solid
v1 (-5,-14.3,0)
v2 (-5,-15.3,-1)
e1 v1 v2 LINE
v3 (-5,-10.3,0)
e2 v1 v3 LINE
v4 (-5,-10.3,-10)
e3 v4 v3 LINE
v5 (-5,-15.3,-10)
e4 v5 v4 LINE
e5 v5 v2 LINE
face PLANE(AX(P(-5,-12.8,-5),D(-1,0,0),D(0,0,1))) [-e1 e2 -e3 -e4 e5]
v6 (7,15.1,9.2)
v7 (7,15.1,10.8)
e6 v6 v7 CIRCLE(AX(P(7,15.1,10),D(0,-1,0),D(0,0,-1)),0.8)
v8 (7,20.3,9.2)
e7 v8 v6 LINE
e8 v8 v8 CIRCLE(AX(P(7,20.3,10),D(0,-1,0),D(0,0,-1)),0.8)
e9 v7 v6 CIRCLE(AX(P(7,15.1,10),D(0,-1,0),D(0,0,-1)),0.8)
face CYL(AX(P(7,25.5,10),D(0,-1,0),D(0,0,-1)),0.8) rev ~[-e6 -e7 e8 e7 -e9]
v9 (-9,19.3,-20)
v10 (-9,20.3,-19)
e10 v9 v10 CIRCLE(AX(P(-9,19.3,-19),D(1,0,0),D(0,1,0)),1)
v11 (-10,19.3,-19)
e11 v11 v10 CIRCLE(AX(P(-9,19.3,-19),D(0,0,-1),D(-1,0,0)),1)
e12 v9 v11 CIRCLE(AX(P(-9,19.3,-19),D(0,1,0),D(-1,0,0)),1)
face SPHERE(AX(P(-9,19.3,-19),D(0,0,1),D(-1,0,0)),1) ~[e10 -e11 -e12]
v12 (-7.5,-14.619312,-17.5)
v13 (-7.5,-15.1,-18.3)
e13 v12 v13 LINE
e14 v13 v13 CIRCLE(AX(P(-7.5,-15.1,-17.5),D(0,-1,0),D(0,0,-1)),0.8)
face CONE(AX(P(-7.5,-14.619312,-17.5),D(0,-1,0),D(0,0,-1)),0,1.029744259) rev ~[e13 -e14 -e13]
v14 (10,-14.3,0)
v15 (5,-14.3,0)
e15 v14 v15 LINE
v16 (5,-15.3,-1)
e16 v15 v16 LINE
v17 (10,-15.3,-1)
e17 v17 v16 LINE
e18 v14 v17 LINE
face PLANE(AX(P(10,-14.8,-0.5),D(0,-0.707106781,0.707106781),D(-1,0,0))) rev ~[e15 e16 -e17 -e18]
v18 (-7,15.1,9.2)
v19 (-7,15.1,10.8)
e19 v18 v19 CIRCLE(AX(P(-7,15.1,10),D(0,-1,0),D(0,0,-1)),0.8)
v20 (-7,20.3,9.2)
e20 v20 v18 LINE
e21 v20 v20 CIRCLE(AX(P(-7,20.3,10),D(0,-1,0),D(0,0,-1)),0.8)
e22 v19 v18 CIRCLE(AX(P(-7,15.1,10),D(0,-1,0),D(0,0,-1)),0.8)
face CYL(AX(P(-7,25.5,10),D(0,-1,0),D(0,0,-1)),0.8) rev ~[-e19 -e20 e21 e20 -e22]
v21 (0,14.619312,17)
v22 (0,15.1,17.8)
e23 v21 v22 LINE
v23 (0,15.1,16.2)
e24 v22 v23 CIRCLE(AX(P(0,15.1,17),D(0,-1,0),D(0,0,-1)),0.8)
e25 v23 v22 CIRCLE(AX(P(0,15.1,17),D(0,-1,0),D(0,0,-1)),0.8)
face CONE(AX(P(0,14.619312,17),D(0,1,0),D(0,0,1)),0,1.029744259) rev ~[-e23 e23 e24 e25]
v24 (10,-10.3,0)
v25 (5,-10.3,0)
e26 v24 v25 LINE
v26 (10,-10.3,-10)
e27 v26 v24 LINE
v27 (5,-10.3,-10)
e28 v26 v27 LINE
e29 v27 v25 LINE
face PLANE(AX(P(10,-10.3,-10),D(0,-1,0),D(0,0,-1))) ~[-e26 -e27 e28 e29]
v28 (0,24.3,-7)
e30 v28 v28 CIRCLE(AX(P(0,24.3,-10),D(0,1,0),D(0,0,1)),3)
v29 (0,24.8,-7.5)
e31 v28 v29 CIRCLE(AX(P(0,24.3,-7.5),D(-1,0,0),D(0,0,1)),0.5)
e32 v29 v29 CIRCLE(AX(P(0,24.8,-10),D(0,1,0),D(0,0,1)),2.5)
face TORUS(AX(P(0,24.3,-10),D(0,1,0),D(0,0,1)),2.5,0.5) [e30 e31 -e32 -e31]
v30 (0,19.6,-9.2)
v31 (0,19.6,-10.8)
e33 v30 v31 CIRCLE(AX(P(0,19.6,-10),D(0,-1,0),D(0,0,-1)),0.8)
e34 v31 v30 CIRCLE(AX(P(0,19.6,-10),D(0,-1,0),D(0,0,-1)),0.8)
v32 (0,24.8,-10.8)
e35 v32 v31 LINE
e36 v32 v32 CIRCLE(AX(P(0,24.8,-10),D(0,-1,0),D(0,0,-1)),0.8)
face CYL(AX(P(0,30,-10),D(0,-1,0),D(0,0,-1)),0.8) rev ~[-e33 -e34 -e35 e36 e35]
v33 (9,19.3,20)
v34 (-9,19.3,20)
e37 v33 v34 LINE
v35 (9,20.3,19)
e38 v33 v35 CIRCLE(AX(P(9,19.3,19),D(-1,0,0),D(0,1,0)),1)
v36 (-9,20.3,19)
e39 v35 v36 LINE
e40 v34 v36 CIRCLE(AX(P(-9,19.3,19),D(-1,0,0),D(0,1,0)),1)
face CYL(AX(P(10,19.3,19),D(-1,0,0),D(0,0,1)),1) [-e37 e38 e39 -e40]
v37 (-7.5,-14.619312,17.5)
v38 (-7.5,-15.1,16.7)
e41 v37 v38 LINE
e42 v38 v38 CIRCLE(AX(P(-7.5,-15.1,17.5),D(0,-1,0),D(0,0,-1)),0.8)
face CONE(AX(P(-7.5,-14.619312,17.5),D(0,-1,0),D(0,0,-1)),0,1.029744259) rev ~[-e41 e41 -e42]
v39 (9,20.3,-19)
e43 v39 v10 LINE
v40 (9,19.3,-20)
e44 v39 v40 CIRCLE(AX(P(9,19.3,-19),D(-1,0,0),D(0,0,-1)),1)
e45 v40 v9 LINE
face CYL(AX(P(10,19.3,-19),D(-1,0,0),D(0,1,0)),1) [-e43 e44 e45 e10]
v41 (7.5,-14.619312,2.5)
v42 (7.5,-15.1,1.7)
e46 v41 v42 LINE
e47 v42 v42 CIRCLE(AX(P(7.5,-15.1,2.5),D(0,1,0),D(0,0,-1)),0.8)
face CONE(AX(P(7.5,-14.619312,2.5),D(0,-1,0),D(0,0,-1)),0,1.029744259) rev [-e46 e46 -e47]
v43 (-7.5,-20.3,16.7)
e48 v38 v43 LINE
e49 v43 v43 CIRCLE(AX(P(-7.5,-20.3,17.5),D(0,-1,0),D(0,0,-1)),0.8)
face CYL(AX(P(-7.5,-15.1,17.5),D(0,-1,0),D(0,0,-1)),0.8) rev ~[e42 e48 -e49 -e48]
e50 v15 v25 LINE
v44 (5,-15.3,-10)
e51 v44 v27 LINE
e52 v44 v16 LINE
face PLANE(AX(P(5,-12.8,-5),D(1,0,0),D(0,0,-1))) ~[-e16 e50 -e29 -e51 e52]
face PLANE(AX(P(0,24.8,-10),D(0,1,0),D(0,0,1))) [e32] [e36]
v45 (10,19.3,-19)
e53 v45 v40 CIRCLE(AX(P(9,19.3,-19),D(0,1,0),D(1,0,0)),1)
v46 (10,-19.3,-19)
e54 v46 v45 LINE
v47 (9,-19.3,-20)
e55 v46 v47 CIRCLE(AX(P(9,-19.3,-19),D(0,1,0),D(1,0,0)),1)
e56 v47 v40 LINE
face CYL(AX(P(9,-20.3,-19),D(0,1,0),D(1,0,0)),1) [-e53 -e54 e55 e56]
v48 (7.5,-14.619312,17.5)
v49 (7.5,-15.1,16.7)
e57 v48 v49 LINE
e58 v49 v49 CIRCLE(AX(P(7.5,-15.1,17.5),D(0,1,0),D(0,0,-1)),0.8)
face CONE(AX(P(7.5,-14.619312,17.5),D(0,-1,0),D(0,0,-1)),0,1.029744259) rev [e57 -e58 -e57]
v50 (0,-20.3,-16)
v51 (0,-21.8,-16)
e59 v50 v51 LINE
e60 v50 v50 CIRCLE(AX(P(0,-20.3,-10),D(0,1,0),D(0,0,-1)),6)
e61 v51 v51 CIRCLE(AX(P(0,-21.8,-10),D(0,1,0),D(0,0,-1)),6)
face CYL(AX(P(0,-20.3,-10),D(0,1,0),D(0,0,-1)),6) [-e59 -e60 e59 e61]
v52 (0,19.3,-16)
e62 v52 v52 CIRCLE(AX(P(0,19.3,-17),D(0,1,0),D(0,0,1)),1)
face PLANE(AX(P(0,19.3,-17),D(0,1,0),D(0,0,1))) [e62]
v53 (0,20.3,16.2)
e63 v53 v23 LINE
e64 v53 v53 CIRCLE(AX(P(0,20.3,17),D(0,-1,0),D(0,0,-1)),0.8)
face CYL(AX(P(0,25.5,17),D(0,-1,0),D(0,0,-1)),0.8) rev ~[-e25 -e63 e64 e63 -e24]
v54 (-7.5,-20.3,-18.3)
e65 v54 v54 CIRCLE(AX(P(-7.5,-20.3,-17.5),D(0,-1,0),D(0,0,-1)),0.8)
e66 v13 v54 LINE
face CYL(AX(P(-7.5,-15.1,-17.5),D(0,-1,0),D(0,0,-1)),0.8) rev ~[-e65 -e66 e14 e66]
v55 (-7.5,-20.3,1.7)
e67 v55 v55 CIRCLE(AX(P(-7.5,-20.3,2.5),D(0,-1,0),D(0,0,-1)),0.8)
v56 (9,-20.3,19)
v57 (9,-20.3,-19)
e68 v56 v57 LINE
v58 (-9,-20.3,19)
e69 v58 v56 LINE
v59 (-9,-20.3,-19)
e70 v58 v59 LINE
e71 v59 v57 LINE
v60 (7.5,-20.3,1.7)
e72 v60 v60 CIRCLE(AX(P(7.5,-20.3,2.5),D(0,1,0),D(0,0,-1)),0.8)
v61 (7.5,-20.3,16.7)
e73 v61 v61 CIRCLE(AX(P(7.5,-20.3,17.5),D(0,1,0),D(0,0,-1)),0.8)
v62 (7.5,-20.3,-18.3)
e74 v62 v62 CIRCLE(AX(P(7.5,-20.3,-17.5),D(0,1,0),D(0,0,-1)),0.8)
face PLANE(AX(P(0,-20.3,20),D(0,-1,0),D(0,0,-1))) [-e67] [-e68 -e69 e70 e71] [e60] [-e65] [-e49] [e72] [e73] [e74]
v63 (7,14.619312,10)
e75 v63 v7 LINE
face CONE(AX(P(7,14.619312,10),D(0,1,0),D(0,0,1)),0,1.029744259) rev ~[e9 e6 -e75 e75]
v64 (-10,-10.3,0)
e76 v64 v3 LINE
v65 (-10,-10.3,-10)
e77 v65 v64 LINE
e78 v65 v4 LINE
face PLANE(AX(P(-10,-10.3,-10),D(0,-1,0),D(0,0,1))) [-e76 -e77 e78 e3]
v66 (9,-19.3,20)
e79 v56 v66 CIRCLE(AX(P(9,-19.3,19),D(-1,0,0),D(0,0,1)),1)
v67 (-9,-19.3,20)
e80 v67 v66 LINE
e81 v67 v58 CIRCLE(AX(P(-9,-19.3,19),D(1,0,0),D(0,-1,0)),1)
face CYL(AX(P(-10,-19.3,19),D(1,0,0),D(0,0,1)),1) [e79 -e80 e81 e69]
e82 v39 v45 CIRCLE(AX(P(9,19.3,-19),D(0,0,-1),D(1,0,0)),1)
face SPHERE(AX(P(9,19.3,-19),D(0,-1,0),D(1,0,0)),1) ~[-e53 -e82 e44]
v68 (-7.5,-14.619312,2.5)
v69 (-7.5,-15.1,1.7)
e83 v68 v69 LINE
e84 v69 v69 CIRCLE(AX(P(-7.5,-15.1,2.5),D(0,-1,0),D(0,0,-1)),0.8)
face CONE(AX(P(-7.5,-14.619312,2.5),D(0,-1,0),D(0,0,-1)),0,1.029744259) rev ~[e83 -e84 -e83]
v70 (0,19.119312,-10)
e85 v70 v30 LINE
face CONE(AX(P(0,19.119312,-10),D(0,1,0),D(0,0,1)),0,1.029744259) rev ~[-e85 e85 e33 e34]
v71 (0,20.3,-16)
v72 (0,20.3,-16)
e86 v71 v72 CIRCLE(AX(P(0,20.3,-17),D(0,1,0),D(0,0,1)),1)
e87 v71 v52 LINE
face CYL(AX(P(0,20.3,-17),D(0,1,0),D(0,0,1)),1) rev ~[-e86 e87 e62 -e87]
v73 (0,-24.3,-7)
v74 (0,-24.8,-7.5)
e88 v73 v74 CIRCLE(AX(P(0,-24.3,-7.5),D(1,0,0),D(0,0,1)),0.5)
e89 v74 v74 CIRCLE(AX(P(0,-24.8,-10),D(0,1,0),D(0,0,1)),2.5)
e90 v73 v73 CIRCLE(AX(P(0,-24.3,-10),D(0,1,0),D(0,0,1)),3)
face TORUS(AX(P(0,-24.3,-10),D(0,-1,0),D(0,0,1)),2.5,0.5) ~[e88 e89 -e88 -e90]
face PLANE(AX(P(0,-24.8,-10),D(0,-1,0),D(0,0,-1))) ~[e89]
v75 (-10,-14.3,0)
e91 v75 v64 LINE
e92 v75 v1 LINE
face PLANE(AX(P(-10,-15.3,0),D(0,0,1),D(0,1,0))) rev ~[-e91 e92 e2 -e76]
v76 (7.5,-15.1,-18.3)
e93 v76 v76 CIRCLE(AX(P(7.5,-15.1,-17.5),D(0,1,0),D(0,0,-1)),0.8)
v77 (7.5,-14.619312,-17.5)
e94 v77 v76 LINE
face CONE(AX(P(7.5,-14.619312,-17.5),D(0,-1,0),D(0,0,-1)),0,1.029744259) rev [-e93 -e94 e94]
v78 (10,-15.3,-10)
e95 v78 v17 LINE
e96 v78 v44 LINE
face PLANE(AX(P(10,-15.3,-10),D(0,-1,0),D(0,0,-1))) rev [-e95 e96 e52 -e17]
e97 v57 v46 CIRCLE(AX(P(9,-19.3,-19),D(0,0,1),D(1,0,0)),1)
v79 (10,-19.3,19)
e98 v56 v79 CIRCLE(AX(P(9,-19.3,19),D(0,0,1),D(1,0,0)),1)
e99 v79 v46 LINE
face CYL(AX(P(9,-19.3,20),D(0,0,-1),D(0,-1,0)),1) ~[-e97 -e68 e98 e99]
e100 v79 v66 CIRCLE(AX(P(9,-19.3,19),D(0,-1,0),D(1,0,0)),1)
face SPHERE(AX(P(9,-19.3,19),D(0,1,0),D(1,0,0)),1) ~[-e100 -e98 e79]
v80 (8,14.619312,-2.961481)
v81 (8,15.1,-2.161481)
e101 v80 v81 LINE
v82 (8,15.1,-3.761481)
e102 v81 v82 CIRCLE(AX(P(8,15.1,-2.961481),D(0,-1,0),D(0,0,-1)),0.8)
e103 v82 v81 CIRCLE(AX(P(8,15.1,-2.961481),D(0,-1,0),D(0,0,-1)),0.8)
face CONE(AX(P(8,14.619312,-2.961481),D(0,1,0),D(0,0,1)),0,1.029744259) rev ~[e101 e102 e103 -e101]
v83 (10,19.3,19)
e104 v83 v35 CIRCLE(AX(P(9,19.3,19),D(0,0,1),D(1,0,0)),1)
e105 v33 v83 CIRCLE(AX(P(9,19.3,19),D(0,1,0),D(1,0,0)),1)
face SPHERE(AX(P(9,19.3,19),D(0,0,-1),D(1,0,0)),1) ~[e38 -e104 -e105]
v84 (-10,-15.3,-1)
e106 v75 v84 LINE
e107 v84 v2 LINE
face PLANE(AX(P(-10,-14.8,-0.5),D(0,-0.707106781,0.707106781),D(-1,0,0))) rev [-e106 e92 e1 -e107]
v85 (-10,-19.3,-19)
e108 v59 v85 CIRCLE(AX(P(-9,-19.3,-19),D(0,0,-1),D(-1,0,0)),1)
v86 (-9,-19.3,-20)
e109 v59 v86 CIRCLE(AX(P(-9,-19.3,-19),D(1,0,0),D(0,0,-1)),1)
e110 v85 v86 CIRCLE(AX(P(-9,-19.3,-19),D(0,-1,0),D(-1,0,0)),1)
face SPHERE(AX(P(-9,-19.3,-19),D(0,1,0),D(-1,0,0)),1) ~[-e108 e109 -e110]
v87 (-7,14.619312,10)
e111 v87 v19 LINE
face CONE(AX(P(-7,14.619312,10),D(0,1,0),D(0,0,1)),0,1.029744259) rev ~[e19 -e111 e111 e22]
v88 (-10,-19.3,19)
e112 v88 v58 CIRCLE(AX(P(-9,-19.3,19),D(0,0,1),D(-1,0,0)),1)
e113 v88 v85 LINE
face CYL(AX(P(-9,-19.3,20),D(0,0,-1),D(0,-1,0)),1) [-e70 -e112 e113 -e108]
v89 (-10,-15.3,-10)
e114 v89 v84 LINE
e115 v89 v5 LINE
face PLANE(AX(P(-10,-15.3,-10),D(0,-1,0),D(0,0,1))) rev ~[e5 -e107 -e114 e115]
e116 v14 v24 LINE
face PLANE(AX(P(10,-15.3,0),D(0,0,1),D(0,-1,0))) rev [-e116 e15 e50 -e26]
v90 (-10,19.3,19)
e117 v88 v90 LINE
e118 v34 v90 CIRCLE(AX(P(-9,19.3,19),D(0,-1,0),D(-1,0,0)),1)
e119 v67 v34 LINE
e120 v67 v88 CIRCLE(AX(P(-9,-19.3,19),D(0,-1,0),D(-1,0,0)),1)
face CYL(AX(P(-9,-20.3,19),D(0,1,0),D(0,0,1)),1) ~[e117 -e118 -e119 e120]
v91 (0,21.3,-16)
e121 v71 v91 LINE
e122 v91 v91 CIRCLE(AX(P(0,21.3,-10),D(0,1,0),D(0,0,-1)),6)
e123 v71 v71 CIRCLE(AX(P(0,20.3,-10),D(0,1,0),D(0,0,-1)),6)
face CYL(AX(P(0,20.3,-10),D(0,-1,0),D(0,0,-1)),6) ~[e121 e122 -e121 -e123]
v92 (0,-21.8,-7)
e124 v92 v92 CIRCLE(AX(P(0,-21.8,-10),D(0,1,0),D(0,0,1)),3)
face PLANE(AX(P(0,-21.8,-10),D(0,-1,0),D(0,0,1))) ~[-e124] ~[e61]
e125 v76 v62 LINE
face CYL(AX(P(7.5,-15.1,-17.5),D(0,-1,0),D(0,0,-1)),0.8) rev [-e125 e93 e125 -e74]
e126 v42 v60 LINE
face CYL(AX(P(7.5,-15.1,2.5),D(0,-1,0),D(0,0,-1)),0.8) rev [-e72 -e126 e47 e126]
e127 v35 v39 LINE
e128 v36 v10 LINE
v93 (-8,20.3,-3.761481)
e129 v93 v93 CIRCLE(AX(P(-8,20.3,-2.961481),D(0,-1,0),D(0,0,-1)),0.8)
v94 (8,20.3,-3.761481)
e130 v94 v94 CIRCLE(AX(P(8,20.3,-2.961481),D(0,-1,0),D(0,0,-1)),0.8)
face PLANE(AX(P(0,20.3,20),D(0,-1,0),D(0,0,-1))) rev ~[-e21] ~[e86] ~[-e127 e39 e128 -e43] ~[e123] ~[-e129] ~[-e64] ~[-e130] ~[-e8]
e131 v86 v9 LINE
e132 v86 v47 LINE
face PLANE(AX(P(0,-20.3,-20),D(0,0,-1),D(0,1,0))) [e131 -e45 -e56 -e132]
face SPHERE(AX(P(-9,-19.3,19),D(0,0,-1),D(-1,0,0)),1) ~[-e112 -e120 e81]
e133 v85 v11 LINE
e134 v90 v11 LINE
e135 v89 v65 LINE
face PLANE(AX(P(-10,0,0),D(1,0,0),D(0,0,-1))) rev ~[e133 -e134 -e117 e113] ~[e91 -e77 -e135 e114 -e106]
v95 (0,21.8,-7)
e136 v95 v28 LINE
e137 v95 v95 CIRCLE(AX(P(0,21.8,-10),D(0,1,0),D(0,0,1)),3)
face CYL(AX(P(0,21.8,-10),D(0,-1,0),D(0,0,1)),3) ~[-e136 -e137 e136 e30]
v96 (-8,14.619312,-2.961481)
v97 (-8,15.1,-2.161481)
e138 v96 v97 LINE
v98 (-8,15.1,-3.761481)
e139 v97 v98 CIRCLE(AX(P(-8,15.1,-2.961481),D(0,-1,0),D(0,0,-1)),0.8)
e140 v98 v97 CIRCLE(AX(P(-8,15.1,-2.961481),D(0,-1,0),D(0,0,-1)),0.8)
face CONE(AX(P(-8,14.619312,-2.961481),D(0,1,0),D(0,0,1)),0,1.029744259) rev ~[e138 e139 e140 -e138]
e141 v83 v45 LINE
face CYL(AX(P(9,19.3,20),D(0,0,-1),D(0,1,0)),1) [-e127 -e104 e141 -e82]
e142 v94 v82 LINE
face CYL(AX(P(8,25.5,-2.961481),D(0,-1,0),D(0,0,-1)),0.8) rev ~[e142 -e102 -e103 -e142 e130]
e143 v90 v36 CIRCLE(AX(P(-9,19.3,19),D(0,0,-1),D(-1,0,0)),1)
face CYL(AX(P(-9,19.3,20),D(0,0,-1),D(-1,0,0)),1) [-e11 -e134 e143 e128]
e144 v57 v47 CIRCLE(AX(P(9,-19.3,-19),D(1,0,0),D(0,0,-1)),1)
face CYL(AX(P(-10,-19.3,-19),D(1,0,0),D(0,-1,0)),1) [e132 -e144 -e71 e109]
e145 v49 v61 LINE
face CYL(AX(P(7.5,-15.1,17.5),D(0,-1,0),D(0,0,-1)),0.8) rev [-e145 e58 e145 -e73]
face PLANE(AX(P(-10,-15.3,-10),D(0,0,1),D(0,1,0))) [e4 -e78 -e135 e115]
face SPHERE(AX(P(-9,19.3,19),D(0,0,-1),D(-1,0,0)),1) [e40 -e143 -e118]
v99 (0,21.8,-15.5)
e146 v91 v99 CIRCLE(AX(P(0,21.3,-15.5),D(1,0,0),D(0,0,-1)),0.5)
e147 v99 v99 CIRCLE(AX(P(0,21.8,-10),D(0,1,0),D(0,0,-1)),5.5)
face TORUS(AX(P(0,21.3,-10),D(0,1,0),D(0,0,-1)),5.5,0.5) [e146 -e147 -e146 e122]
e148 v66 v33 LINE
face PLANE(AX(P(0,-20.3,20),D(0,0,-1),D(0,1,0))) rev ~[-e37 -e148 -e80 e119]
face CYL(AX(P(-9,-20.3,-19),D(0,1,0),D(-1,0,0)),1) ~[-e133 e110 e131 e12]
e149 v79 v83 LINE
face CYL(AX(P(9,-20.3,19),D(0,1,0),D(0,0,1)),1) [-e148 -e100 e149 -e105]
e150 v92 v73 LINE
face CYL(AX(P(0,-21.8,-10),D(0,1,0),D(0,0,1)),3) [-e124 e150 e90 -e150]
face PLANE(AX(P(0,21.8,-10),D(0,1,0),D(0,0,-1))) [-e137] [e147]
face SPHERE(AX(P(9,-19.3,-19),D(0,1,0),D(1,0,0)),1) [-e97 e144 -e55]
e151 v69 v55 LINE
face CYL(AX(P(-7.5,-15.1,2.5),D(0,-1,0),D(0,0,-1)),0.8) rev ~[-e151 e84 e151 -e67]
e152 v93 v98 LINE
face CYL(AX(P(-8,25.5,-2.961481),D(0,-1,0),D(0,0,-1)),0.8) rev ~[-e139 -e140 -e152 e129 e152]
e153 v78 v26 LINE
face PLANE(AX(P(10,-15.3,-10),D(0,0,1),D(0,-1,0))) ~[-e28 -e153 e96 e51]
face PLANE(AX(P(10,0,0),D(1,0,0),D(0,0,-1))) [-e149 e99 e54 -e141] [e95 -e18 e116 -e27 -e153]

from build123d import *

# Parameters (mm, degrees)
SKETCH_1_W                 = 40
SKETCH_1_H                 = 40.6
EXTRUDE_1_DEPTH            = 10
SKETCH_2_R                 = 6
EXTRUDE_2_DEPTH            = 1.5
SKETCH_3_R                 = 3
EXTRUDE_3_DEPTH            = 3
PATTERN_LINEAR_1_COUNT     = 2
PATTERN_LINEAR_1_PITCH     = 20
PATTERN_LINEAR_2_COUNT     = 2
PATTERN_LINEAR_2_PITCH     = 35
HOLE_WIZARD_M2_2_D         = 1.6
HOLE_WIZARD_M2_2_DEPTH     = 5.2
HOLE_WIZARD_M2_2_TIP       = 0.480688495
FILLET_1_R                 = 1
FILLET_3_R                 = 0.5
FILLET_4_R                 = 0.5
HOLE_WIZARD_M2_3_D         = 1.6
HOLE_WIZARD_M2_3_DEPTH     = 5.2
HOLE_WIZARD_M2_3_TIP       = 0.480688495
SKETCH_12_R                = 1
CUT_EXTRUDE_2_DEPTH        = 1
SKETCH_13_W                = 10
SKETCH_13_H                = 5
CUT_EXTRUDE_3_DEPTH        = 5
CHAMFER_1_SIZE             = 1
CHAMFER_1_OF_MIRROR_3_SIZE = 1


with BuildPart() as part:
    # 草图1 → 凸台-拉伸1 (new, symmetric)
    with BuildSketch(Plane(origin=(0, 0, 0), x_dir=(0, 0, -1), z_dir=(1, 0, 0))):
        Rectangle(SKETCH_1_W, SKETCH_1_H)
    extrude(amount=EXTRUDE_1_DEPTH, both=True)

    # 草图2 → 凸台-拉伸2 (add)
    with BuildSketch(Plane(origin=(0, 20.3, 0), x_dir=(1, 0, 0), z_dir=(0, 1, 0))):
        with Locations(Location((0, 10, 0), (0, 0, 90))):
            Circle(SKETCH_2_R)
    extrude_2 = extrude(amount=EXTRUDE_2_DEPTH)

    # 草图3 → 凸台-拉伸3 (add)
    with BuildSketch(Plane(origin=(0, 21.8, 0), x_dir=(1, 0, 0), z_dir=(0, 1, 0))):
        with Locations(Location((0, 10, 0), (0, 0, 270))):
            Circle(SKETCH_3_R)
    extrude_3 = extrude(amount=EXTRUDE_3_DEPTH)

    # 镜向1: 凸台-拉伸2, 凸台-拉伸3 across plane
    add(extrude_2.mirror(Plane.ZX))
    add(extrude_3.mirror(Plane.ZX))

    # 草图7 → M2 螺纹孔1 (revolve, cut)
    with BuildSketch(Plane(origin=(7.5, -20.3, -17.5), x_dir=(0, 0, -1), z_dir=(1, 0, 0))):
        Polygon((0, 0), (0, 5.680688495), (0.8, 5.2), (0.8, 0), align=None)
    hole_wizard_m2_1 = revolve(axis=Axis((7.5, -26.65, -17.5), (0, 1, 0)), mode=Mode.SUBTRACT)

    # 阵列(线性)1: M2 螺纹孔1 ×2
    with Locations(*[(0, 0, i * PATTERN_LINEAR_1_PITCH) for i in range(1, PATTERN_LINEAR_1_COUNT)]):
        add(hole_wizard_m2_1, mode=Mode.SUBTRACT)

    # 阵列(线性)2: M2 螺纹孔1 ×2
    with Locations(*[(0, 0, i * PATTERN_LINEAR_2_PITCH) for i in range(1, PATTERN_LINEAR_2_COUNT)]):
        add(hole_wizard_m2_1, mode=Mode.SUBTRACT)

    # 镜向2: M2 螺纹孔1 across plane
    add(hole_wizard_m2_1.mirror(Plane(origin=(0, 0, 0), x_dir=(0, 0, 1), z_dir=(1, 0, 0))), mode=Mode.SUBTRACT)

    # 镜向2 copy 1 sketch → 镜向2 copy 1 (revolve, cut)
    with BuildSketch(Plane(origin=(-7.5, -20.3, 2.5), x_dir=(0, 0, -1), z_dir=(-1, 0, 0))):
        Polygon((0, 0), (0, -5.680688495), (0.8, -5.2), (0.8, 0), align=None)
    revolve(axis=Axis((-7.5, -26.65, 2.5), (0, -1, 0)), mode=Mode.SUBTRACT)

    # 镜向2 copy 2 sketch → 镜向2 copy 2 (revolve, cut)
    with BuildSketch(Plane(origin=(-7.5, -20.3, 17.5), x_dir=(0, 0, -1), z_dir=(-1, 0, 0))):
        Polygon((0, 0), (0, -5.680688495), (0.8, -5.2), (0.8, 0), align=None)
    revolve(axis=Axis((-7.5, -26.65, 17.5), (0, -1, 0)), mode=Mode.SUBTRACT)

    # M2 螺纹孔2
    with Locations(Plane(origin=(0, 20.3, 17), x_dir=(0, 0, 1), z_dir=(0, 1, 0))):
        with Locations((0, 0), (-7, -7), (-7, 7), (-19.961481397, -8), (-19.961481397, 8)):
            Hole(HOLE_WIZARD_M2_2_D / 2, depth=HOLE_WIZARD_M2_2_DEPTH)
            with Locations((0, 0, -(HOLE_WIZARD_M2_2_DEPTH + HOLE_WIZARD_M2_2_TIP / 2))):  # 118° drill point
                Cone(0, HOLE_WIZARD_M2_2_D / 2, HOLE_WIZARD_M2_2_TIP, mode=Mode.SUBTRACT)

    # 圆角1
    fillet_1_edges = [part.edges().sort_by_distance(p)[0] for p in [
        (10, 0, -20),
        (10, 20.3, 0),
        (10, 0, 20),
        (-10, 20.3, 0),
        (-10, 0, -20),
        (-10, -20.3, 0),
        (-10, 0, 20),
        (10, -20.3, 0),
        (0, 20.3, 20),
        (0, 20.3, -20),
        (0, -20.3, -20),
        (0, -20.3, 20),
    ]]
    fillet(fillet_1_edges, radius=FILLET_1_R)

    # 圆角3
    fillet_3_edges = [part.edges().sort_by_distance(p)[0] for p in [
        (0, 21.8, -4),
    ]]
    fillet(fillet_3_edges, radius=FILLET_3_R)

    # 圆角4
    fillet_4_edges = [part.edges().sort_by_distance(p)[0] for p in [
        (0, 24.8, -13),
        (0, -24.8, -13),
    ]]
    fillet(fillet_4_edges, radius=FILLET_4_R)

    # M2 螺纹孔3
    with Locations(Plane(origin=(0, 24.8, -10), x_dir=(0, 0, 1), z_dir=(0, 1, 0))):
        with Locations((0, 0)):
            Hole(HOLE_WIZARD_M2_3_D / 2, depth=HOLE_WIZARD_M2_3_DEPTH)
            with Locations((0, 0, -(HOLE_WIZARD_M2_3_DEPTH + HOLE_WIZARD_M2_3_TIP / 2))):  # 118° drill point
                Cone(0, HOLE_WIZARD_M2_3_D / 2, HOLE_WIZARD_M2_3_TIP, mode=Mode.SUBTRACT)

    # 草图12 → 切除-拉伸2 (cut)
    with BuildSketch(Plane(origin=(0, 20.3, 0), x_dir=(1, 0, 0), z_dir=(0, 1, 0))):
        with Locations(Location((0, 17, 0), (0, 0, 270))):
            Circle(SKETCH_12_R)
    extrude(amount=-CUT_EXTRUDE_2_DEPTH, mode=Mode.SUBTRACT)

    # 草图13 → 切除-拉伸3 (cut)
    with BuildSketch(Plane.ZY.offset(10)):
        with Locations((-5, -12.8)):
            Rectangle(SKETCH_13_W, SKETCH_13_H)
    cut_extrude_3 = extrude(amount=-CUT_EXTRUDE_3_DEPTH, mode=Mode.SUBTRACT)

    # 倒角1
    chamfer_1_edges = [part.edges().sort_by_distance(p)[0] for p in [
        (-7.5, -15.3, 0),
    ]]
    chamfer(chamfer_1_edges, length=CHAMFER_1_SIZE)

    # 镜向3: 切除-拉伸3 across plane
    add(cut_extrude_3.mirror(Plane(origin=(0, 0, 0), x_dir=(0, 0, 1), z_dir=(1, 0, 0))), mode=Mode.SUBTRACT)

    # 倒角1 of 镜向3
    chamfer_1_of_mirror_3_edges = [part.edges().sort_by_distance(p)[0] for p in [
        (7.5, -15.3, 0),
    ]]
    chamfer(chamfer_1_of_mirror_3_edges, length=CHAMFER_1_OF_MIRROR_3_SIZE)


solid = part.part
